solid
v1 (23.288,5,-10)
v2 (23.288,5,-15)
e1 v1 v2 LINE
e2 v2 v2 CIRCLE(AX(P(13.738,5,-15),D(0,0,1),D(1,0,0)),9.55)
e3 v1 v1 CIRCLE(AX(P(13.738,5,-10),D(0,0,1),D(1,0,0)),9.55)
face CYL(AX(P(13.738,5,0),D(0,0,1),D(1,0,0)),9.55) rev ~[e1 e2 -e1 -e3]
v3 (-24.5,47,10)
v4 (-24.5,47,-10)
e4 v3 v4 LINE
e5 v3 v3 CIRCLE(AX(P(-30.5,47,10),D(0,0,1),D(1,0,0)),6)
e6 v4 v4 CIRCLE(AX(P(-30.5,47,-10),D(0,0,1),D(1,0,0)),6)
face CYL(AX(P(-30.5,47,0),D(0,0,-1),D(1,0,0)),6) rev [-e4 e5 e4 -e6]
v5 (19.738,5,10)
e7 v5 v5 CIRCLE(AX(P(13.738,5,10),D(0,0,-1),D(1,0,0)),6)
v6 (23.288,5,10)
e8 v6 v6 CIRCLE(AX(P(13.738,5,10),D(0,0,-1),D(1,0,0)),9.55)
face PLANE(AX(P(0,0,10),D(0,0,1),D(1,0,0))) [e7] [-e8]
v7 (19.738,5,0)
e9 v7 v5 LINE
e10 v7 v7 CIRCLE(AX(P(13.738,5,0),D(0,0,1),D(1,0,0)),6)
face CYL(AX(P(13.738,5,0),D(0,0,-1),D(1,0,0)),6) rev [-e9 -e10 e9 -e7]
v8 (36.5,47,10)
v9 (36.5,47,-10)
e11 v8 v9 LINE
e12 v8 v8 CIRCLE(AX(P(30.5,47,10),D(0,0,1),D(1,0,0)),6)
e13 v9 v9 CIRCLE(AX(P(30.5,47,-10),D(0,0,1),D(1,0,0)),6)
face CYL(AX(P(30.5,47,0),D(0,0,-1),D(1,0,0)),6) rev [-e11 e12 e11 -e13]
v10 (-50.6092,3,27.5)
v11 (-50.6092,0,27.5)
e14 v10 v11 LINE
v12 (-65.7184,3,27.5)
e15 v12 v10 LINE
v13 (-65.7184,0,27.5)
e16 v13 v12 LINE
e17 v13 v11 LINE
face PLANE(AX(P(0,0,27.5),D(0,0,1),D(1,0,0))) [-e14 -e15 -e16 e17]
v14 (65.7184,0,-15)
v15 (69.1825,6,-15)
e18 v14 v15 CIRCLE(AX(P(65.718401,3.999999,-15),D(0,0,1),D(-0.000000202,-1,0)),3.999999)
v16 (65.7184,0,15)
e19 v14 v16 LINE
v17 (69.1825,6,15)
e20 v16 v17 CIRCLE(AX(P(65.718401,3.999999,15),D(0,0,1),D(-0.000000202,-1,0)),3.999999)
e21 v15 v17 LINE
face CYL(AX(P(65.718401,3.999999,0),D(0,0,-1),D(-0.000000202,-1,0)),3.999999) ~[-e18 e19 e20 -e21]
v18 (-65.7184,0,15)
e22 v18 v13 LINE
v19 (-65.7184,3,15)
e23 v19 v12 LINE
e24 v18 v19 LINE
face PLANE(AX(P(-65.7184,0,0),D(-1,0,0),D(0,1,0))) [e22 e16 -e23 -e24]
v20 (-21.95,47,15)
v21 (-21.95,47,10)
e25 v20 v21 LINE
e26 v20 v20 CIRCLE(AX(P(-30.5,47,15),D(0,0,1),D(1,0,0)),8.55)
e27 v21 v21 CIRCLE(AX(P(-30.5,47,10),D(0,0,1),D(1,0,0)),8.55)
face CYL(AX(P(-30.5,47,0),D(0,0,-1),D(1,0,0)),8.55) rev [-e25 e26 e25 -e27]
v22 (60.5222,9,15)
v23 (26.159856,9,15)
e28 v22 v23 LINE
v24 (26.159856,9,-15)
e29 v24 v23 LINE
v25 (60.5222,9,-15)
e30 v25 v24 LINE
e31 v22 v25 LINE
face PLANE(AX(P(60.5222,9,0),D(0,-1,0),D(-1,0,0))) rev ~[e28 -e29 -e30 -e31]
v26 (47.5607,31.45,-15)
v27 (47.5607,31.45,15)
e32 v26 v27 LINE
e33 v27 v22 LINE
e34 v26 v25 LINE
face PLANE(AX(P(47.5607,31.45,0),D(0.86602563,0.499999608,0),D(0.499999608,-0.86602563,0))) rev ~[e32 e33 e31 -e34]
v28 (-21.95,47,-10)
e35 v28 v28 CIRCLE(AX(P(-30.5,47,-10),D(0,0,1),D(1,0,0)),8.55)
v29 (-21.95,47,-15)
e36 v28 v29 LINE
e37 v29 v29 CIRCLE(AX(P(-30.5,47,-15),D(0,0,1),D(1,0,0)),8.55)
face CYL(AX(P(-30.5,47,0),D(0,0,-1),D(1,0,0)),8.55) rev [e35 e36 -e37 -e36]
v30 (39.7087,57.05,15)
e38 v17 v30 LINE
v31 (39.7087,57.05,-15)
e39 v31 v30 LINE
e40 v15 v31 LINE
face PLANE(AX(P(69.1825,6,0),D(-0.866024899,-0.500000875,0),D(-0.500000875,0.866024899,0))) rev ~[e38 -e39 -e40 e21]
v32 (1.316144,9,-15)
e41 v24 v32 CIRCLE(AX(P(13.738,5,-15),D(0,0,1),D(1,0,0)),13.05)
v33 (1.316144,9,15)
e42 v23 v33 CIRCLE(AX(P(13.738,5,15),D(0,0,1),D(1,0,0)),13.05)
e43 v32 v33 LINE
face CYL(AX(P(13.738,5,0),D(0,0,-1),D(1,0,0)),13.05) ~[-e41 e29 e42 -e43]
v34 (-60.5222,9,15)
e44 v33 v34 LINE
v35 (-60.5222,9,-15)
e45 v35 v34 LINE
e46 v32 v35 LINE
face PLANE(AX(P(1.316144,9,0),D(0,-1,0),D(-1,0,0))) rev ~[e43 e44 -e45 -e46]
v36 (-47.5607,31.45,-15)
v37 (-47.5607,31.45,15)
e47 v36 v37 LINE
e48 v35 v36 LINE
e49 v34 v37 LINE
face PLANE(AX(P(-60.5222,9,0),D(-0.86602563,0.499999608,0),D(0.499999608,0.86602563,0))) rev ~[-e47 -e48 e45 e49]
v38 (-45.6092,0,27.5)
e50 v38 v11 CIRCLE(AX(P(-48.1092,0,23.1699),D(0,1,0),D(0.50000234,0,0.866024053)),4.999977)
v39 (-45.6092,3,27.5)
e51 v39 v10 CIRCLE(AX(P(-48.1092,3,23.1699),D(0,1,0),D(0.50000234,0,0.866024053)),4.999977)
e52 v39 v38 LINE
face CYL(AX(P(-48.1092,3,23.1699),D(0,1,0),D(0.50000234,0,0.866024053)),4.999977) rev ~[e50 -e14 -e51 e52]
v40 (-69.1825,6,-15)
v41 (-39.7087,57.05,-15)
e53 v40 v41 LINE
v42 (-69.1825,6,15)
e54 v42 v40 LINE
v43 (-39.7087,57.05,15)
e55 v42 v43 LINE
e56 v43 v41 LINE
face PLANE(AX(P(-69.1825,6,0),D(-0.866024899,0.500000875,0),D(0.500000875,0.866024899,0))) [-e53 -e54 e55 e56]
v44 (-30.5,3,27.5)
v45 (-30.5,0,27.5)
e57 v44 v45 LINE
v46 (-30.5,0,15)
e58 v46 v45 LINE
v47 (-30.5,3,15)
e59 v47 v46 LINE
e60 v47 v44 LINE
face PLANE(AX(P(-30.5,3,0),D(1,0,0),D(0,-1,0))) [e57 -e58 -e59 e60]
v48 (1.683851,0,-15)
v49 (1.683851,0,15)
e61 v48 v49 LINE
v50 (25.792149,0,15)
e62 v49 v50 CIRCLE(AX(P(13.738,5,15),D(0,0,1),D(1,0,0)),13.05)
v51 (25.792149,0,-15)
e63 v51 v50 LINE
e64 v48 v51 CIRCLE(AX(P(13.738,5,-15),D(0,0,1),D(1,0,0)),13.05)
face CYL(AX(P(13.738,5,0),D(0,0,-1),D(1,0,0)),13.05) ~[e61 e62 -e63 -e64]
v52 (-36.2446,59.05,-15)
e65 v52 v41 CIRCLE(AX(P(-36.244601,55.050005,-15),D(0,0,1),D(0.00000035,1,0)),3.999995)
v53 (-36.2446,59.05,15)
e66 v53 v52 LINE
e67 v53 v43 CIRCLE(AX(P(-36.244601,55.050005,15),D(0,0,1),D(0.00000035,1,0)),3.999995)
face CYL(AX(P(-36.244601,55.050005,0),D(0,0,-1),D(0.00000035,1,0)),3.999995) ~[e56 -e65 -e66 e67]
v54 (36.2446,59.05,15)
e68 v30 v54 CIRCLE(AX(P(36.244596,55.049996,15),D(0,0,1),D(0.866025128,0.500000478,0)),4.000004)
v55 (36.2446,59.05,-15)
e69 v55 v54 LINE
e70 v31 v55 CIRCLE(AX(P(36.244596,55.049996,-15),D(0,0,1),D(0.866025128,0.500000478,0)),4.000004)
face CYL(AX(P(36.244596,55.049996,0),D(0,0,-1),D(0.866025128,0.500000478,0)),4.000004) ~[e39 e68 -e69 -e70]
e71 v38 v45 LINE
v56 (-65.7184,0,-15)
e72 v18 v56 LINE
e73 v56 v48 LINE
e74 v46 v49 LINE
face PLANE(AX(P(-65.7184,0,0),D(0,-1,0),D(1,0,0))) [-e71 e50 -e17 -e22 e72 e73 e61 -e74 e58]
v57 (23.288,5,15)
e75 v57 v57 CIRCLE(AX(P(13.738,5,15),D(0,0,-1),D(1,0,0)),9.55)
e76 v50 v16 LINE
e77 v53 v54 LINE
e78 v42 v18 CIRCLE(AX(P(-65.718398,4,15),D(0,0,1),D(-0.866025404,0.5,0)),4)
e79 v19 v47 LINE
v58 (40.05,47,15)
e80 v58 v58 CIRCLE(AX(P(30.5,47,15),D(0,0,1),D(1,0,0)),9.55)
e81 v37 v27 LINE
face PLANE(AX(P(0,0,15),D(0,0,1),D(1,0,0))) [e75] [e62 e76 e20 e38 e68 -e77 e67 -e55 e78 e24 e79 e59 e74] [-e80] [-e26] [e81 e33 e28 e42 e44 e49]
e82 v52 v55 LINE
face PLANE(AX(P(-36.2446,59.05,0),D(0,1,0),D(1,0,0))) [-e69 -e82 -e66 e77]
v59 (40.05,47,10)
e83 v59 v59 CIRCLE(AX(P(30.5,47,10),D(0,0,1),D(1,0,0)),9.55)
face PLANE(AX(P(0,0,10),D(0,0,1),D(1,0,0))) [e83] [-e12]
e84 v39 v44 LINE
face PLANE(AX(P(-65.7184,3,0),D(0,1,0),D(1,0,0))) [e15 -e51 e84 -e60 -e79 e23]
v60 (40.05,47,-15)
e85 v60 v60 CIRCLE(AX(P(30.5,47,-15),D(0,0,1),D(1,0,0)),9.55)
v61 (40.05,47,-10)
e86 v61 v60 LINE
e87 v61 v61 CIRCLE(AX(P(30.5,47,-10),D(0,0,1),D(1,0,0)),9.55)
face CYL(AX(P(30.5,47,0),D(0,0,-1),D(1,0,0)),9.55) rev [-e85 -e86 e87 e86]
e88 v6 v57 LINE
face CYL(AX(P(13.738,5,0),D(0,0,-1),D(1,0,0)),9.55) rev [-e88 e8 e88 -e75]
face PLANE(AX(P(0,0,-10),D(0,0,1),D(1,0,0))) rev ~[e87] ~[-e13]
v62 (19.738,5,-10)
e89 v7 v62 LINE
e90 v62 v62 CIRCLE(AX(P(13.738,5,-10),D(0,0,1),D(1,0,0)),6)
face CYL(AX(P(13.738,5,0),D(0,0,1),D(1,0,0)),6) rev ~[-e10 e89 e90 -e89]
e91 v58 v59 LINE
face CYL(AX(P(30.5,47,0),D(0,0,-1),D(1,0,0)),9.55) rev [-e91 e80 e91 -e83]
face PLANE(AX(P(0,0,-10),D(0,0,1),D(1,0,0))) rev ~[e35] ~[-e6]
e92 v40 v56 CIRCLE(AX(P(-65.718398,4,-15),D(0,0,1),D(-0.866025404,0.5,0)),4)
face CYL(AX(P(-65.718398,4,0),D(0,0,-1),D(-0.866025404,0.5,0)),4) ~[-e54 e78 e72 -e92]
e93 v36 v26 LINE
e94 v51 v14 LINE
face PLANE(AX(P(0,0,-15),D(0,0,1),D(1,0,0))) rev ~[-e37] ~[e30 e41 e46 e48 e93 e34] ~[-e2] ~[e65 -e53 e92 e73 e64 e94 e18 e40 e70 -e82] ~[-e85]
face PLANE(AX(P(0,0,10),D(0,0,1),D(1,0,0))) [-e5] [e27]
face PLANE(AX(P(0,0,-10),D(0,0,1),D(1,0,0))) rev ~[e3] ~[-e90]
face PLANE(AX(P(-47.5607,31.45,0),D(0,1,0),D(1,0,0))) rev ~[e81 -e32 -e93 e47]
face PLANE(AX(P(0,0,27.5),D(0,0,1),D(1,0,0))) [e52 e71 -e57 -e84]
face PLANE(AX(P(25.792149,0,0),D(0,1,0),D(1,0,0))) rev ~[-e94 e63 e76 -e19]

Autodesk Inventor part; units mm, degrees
ref_plane "YZ Plane" through (0, 0, 0) normal (1, 0, 0) x (0, 1, 0)
ref_plane "XZ Plane" through (0, 0, 0) normal (0, 1, 0) x (-1, 0, 0)
ref_plane "XY Plane" through (0, 0, 0) normal (0, 0, 1) x (1, 0, 0)
sketch "Sketch1" plane through (0, 0, 0) normal (0, 0, 1) x (1, 0, 0)
  line L0 (-65.7184, 0) -> (65.7184, 0)
  line L1 (-36.2446, 59.05) -> (36.2446, 59.05)
  circle A0 centre (-30.5, 47) radius 8.55
  line L2 (0, 59.05) -> (0, 0) construction
  circle A1 centre (-30.5, 47) radius 6
  circle A2 centre (30.5, 47) radius 6
  arc A3 (-69.1825, 6) -> (-65.7184, 0) centre (-65.7184, 4) ccw
  arc A4 (-36.2446, 59.05) -> (-39.7087, 57.05) centre (-36.2446, 55.05) ccw
  line L3 (-69.1825, 6) -> (-39.7087, 57.05)
  arc A5 (65.7184, 0) -> (69.1825, 6) centre (65.7184, 4) ccw
  arc A6 (39.7087, 57.05) -> (36.2446, 59.05) centre (36.2446, 55.05) ccw
  line L4 (69.1825, 6) -> (39.7087, 57.05)
  line L5 (-65.7184, 3) -> (-30.5, 3)
  line L6 (-30.5, 3) -> (-30.5, 0)
  line L7 (-30.5, 0) -> (-65.7184, 0)
  line L8 (-65.7184, 0) -> (-65.7184, 3)
  line L9 (-30.5, 38.45) -> (0, 38.45) construction
  line L10 (-30.5, 3) -> (0, 3) construction
  line L11 (0, 38.45) -> (0, 3) construction
  line L12 (-60.5222, 9) -> (-47.5607, 31.45)
  line L13 (-47.5607, 31.45) -> (47.5607, 31.45)
  line L14 (47.5607, 31.45) -> (60.5222, 9)
  line L15 (60.5222, 9) -> (-60.5222, 9)
  circle A7 centre (30.5, 47) radius 9.55
  circle A8 centre (13.738, 5) radius 9.55
  circle A9 centre (13.738, 5) radius 6
  line L16 (-30.5, 47) -> (13.738, 5) construction
  circle A10 centre (13.738, 5) radius 13.05
  point P0 (-65.7184, 1.5)
  point P1 (-48.1092, 0)
  point P2 (-65.7184, 0)
  point P3 (-30.5, 0)
  point P4 (-30.5, 1.5)
  point P5 (0, 20.725)
  point P6 (0, 20.725)
  point P7 (0, 20.725)
  point P8 (25.7921, 0)
  point P9 (1.6838, 0)
  point P10 (26.1598, 9)
  point P11 (1.3161, 9)
  dimension "d1" = 17.1
  dimension "d3" = 3.5
  dimension "d7" = 12
  dimension "d10" = 4
  dimension "d11" = 13
  dimension "d12" = 60
  dimension "d17" = 3
  dimension "d22" = 44
  dimension "d40" = 6
  dimension "d41" = 6
  dimension "d43" = 6
  dimension "d44" = 19.1
  dimension "d45" = 61
  dimension "d46" = 6
  dimension "d49" = 19.1
  dimension "d51" = 5
  dimension "d52" = 61
  dimension "d54" = 26.1
extrude "Extrusion1" add sketch "Sketch1" along normal mid plane 30 contours A3 L3 A4 L1 A6 L4 A5 L0 A10 L15 L14 L13 L12 L6 L5 L8 | A10 L15 A8 L0 | L0 A8 A10 | A10 L15 A8 | L0 A8 L15 A10
extrude "Extrusion2" add sketch "Sketch1" along normal mid plane 20 contours A8 L15 A9 L0 | L0 A9 A8 | A8 L15 A9 | L0 A9 L15 A8 | A0 | A7
extrude "Extrusion3" add sketch "Sketch1" along normal blind 27.5 contours L8 L5 L6 L0
sketch "Sketch2" plane through (-65.7184, 3, 15) normal (0, 1, 0) x (1, 0, 0)
  line L0 (0, -12.5) -> (35.2184, -12.5) projected
  arc A0 (20.1092, -12.5) -> (15.1092, -12.5) centre (17.6092, -8.1699) ccw
  line L1 (35.2184, 0) -> (131.4367, 0) construction
  line L2 (35.2184, 0) -> (35.2184, -12.5) construction
  point P0 (65.7184, 15)
  point P1 (17.6092, -12.5)
  point P2 (17.6092, -3.1699)
  dimension "d21" = 5
  dimension "d25" = 5
extrude "Extrusion4" cut sketch "Sketch2" against normal through all
extrude "Extrusion6" add sketch "Sketch1" against normal blind 15 contours L8 L5 L6 L0
properties part number "EngineMount - Big hole"
